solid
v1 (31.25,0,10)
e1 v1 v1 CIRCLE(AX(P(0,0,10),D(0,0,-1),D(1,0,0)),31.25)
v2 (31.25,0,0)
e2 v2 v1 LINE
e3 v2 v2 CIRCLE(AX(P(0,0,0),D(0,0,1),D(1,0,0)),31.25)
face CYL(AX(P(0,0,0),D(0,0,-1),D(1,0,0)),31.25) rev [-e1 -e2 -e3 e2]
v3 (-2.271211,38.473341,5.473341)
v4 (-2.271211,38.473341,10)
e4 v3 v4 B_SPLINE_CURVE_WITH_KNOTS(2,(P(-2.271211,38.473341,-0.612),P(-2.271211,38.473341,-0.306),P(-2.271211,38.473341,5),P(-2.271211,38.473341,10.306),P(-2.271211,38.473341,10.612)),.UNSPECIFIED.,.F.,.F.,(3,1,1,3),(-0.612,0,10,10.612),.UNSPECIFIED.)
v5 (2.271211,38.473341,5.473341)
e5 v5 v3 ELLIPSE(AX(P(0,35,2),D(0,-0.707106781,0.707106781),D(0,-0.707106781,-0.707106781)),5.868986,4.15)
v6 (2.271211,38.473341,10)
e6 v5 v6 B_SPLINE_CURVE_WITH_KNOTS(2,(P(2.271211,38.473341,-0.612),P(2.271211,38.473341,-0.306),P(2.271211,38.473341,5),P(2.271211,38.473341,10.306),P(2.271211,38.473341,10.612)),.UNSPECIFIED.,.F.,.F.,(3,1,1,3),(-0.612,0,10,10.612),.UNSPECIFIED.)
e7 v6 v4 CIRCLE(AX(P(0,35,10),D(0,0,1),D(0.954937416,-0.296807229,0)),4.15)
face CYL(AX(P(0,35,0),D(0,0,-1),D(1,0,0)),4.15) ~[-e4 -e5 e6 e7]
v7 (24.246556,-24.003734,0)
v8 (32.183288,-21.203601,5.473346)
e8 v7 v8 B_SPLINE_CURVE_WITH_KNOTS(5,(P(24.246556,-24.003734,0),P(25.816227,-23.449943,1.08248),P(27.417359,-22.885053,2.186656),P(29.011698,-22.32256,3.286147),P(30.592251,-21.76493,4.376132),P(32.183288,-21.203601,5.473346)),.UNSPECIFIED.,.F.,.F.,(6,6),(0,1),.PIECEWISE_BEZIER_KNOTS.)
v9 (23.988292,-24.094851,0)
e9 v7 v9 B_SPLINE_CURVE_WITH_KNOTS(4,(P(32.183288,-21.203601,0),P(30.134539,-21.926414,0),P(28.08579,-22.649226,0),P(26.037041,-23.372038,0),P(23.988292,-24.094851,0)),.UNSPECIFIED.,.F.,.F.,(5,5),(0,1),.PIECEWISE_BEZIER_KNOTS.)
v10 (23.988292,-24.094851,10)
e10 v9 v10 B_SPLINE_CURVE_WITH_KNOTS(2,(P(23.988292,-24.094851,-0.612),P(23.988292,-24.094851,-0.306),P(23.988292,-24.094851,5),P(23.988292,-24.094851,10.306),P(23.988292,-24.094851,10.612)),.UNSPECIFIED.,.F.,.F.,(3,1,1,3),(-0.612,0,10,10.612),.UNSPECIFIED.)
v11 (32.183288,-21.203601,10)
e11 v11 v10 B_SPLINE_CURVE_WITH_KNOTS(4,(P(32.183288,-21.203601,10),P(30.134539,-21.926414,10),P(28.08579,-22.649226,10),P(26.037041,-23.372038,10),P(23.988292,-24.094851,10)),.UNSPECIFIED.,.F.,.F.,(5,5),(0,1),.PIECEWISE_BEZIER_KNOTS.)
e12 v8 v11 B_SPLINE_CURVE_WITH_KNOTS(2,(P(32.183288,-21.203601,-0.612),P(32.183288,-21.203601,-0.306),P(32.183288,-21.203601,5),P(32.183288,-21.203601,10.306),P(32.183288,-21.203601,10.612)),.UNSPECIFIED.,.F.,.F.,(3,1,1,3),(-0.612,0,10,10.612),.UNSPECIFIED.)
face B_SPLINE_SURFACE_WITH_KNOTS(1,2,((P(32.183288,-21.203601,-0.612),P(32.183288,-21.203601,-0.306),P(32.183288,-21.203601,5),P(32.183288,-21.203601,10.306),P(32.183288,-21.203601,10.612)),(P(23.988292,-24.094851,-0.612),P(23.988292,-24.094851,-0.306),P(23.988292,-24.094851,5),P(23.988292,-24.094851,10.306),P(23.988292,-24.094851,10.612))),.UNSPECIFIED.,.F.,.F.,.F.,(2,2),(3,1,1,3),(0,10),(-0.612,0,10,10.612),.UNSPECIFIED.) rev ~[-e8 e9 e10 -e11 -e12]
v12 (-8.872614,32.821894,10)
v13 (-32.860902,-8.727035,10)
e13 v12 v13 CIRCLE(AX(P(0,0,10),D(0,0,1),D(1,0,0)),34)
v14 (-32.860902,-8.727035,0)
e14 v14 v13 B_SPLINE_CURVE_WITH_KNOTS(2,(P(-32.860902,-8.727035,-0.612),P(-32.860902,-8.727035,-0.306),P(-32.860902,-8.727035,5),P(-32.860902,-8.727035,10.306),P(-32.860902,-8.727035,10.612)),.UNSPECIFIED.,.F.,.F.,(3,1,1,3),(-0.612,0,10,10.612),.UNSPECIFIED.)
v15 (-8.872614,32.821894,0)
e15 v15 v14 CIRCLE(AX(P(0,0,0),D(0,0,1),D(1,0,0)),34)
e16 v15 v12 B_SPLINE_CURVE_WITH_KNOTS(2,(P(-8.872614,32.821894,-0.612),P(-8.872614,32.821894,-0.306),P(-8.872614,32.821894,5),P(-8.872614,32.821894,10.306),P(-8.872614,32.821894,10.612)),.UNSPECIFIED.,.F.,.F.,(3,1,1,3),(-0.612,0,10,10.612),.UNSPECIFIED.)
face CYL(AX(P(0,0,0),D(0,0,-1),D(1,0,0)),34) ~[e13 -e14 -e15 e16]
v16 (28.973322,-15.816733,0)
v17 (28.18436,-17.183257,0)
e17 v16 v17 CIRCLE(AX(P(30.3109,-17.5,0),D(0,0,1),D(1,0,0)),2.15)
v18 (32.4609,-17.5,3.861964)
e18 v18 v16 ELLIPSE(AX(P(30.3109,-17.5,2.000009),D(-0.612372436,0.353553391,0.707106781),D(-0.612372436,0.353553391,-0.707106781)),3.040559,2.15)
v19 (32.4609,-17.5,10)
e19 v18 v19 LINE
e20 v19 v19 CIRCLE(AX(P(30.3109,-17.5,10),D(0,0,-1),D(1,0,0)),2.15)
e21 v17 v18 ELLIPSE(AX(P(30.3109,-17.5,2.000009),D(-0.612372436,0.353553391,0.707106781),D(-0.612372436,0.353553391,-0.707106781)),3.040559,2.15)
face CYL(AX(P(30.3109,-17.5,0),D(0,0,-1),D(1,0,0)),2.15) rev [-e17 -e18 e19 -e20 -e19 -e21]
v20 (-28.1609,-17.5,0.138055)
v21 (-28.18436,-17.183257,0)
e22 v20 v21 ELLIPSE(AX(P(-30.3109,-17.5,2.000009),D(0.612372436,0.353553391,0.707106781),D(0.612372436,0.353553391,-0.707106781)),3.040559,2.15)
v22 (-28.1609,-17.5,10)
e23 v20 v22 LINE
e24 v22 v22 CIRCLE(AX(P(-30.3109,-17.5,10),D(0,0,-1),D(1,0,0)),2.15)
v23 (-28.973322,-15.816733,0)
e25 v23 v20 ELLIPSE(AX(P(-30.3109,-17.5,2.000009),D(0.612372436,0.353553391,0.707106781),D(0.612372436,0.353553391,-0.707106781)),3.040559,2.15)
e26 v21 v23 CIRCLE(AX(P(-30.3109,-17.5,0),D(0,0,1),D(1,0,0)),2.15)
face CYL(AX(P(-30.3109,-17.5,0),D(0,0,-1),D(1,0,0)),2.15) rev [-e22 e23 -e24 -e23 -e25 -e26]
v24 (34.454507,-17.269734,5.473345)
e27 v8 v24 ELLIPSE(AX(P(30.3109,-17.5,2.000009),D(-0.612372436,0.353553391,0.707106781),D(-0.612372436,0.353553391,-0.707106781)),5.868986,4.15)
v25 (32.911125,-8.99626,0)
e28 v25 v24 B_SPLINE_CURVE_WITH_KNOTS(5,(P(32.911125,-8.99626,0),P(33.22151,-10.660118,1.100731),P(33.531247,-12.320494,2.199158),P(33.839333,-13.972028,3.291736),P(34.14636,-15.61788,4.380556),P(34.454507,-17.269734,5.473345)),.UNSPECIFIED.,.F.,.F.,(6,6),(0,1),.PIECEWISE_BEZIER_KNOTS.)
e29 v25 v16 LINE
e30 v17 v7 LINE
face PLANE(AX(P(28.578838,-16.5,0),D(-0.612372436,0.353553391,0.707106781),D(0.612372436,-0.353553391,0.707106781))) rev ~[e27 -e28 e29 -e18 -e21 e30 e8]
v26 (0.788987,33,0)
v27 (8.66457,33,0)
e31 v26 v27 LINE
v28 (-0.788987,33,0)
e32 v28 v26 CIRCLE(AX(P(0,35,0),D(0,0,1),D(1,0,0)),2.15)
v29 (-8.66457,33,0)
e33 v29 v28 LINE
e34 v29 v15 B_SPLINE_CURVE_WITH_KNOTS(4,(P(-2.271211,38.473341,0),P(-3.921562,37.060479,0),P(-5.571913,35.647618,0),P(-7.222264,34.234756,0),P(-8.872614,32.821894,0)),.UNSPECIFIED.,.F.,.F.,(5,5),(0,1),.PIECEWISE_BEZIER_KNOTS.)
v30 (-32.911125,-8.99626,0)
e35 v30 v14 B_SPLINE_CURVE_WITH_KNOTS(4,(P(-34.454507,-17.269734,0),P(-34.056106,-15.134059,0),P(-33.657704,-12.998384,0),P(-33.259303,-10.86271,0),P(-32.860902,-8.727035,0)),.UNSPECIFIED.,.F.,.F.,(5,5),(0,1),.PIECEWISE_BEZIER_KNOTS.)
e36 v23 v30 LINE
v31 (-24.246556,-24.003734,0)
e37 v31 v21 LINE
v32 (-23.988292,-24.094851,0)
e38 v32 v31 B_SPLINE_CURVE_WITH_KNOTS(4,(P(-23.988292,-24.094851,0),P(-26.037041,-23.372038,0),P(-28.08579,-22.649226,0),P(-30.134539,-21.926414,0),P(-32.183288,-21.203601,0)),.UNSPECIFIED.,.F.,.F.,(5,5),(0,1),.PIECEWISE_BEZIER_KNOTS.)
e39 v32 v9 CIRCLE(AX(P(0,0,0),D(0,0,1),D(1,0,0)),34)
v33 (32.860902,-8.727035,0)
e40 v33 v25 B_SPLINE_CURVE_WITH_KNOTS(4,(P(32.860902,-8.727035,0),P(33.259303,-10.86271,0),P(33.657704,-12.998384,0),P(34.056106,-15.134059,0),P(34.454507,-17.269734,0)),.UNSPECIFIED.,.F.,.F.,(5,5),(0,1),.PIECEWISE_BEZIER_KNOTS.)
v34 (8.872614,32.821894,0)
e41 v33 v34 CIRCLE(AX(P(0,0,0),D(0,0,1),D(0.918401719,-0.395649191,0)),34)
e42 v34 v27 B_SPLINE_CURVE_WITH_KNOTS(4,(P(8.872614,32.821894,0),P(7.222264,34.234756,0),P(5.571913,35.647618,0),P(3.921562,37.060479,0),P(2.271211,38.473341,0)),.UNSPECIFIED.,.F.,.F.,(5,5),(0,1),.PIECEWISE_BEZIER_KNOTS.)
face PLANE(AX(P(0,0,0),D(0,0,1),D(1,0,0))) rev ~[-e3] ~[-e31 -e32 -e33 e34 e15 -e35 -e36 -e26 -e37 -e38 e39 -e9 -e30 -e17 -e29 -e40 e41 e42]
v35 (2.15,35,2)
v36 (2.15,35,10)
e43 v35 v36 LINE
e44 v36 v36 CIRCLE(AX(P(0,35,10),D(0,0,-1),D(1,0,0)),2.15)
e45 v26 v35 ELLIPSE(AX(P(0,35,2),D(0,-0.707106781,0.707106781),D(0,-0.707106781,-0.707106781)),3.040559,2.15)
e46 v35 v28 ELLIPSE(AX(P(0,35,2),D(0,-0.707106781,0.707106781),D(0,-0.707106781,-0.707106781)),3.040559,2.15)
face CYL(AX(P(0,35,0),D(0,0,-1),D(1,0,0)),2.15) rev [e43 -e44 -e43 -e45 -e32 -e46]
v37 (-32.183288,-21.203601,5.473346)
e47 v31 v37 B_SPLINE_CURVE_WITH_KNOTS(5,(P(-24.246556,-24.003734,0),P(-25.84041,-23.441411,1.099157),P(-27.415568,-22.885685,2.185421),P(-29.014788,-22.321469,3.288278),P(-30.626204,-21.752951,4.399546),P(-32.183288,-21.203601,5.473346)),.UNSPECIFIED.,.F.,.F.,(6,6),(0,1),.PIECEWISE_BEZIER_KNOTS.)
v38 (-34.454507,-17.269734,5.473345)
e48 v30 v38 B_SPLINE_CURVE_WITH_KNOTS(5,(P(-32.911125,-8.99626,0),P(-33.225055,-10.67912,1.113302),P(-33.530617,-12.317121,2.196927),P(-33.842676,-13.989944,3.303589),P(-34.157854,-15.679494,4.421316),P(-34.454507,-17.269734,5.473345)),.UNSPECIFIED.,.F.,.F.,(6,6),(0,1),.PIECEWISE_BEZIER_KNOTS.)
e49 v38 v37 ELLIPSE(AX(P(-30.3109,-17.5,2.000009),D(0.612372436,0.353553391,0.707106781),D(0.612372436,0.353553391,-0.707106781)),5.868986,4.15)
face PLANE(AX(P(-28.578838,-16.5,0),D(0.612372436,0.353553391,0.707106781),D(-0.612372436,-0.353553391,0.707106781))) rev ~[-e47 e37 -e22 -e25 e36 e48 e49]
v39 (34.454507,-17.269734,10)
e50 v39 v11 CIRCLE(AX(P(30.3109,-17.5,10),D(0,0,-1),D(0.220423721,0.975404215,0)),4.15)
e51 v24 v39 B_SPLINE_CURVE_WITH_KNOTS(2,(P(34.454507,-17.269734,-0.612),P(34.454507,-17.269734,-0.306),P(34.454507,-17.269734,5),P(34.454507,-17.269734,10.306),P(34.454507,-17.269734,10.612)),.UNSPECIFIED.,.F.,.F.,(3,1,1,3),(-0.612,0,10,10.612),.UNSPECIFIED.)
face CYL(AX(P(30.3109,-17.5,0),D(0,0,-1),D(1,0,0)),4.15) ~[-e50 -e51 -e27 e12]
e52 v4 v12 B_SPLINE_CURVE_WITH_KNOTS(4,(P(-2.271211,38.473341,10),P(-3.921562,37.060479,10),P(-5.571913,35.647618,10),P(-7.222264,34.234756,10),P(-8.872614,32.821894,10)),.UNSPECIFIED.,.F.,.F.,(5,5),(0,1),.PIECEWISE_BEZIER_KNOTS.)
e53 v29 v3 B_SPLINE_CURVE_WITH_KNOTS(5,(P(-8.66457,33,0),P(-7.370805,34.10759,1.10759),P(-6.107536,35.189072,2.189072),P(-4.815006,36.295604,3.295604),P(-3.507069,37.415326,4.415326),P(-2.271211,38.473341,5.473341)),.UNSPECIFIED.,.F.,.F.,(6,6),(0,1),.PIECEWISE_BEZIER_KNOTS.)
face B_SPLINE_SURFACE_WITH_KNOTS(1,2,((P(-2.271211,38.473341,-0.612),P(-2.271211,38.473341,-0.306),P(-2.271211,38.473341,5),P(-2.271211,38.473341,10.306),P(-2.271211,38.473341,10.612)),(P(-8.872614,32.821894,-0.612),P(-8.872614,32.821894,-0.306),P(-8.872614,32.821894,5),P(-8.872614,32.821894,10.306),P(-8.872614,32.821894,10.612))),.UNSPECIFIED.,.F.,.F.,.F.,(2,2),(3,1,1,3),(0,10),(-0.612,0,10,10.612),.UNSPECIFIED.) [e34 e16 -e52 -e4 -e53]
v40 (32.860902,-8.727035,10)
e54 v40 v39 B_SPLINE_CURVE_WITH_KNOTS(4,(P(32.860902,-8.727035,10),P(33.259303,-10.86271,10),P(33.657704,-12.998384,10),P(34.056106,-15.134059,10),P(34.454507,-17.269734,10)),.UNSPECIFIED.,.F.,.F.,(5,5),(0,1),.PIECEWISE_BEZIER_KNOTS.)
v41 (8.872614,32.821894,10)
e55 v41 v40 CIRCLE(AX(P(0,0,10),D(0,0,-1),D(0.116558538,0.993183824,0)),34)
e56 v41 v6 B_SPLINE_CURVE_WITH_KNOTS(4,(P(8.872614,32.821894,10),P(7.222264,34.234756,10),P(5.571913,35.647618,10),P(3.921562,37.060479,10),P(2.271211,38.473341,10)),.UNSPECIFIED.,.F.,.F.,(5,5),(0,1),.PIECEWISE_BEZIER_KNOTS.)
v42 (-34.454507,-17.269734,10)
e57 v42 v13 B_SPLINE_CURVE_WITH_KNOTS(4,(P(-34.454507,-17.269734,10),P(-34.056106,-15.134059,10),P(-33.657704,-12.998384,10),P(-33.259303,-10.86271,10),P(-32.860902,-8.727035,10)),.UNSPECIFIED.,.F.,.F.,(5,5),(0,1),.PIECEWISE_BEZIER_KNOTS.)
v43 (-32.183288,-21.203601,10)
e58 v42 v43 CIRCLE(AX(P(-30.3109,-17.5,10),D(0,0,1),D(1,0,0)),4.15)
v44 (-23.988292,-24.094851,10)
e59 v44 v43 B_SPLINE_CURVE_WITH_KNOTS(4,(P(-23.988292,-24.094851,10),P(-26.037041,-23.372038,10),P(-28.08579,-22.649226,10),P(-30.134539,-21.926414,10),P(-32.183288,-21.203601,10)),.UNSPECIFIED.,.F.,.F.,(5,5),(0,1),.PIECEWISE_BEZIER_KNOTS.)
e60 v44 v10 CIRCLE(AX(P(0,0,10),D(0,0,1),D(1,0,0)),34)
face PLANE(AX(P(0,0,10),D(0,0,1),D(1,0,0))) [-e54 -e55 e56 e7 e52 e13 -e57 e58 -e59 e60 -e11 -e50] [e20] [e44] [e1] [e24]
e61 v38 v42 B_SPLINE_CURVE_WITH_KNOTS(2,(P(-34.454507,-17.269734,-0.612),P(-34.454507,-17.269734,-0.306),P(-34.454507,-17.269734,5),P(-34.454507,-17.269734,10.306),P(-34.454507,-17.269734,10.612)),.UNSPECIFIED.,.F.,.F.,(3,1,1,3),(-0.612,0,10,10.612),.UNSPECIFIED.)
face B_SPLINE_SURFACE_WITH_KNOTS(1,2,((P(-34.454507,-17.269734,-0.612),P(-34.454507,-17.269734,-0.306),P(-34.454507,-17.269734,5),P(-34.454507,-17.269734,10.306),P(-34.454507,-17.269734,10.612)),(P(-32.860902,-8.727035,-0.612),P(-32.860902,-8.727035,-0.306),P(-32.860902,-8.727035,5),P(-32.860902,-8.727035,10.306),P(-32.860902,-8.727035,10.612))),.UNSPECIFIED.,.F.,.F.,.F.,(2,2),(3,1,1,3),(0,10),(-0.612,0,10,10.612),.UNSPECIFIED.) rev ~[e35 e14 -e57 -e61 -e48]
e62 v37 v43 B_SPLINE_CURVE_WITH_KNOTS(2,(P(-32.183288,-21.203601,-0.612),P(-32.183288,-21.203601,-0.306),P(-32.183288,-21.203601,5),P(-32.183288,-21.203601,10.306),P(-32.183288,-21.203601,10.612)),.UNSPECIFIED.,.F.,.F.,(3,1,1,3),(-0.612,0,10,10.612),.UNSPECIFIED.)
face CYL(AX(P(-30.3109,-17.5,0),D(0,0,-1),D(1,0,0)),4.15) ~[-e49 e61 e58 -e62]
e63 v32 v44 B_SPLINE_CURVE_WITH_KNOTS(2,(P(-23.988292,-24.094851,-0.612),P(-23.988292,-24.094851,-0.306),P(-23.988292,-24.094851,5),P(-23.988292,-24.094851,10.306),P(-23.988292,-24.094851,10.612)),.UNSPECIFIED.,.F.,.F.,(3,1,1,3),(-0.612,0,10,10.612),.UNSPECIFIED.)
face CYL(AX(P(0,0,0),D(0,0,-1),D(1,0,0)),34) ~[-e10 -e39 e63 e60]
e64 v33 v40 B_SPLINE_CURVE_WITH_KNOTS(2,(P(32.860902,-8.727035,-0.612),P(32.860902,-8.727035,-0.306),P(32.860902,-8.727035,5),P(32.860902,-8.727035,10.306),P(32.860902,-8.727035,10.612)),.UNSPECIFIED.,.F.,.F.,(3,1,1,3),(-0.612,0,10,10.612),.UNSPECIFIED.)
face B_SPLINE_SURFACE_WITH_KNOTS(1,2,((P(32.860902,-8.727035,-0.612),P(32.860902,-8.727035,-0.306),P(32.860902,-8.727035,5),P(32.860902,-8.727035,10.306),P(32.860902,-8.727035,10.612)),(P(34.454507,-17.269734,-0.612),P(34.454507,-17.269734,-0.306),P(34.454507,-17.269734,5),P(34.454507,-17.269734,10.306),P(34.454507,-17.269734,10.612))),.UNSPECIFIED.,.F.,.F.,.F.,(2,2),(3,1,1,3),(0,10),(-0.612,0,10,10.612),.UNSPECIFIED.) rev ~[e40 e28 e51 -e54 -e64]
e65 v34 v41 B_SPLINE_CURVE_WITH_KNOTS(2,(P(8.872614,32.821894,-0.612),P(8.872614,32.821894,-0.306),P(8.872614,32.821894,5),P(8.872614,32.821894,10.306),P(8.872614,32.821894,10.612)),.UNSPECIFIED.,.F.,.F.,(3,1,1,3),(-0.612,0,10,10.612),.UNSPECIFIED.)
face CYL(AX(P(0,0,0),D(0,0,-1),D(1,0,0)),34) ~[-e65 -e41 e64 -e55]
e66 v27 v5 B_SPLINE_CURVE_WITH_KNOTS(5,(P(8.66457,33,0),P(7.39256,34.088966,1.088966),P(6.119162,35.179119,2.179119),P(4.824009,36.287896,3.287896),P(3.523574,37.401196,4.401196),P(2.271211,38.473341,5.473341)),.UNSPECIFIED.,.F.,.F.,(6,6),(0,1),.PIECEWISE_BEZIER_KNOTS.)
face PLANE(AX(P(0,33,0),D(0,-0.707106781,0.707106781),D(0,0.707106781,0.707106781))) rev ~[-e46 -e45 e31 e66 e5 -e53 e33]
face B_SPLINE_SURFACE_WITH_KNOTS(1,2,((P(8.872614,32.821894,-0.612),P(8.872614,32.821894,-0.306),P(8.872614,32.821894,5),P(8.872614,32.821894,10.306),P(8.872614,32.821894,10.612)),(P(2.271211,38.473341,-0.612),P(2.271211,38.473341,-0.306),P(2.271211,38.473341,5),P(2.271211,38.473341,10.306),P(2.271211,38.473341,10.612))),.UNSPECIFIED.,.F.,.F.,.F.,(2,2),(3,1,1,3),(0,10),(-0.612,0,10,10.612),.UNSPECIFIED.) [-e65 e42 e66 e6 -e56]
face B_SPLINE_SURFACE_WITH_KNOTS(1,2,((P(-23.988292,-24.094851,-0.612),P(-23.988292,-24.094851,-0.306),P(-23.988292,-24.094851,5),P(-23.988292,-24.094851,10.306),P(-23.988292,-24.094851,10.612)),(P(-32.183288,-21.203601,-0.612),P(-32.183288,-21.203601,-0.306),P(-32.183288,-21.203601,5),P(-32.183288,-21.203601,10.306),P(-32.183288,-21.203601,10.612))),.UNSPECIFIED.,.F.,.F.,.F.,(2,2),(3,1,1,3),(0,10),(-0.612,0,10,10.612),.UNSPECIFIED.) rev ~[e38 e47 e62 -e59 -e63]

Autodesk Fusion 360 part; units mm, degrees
sketch "Sketch2" plane through (0, 0, 0) normal (0, 0, 1) x (1, 0, 0)
  circle A0 centre (0, 0) radius 34
  circle A1 centre (0, 0) radius 22.5
  circle A2 centre (0, 0) radius 31.25
  line L0 (0, 0) -> (0, 35) construction
  circle A3 centre (0, 35) radius 2.15
  circle A4 centre (0, 35) radius 4.15
  circle A5 centre (-30.3109, -17.5) radius 4.15
  circle A6 centre (-30.3109, -17.5) radius 2.15
  circle A7 centre (30.3109, -17.5) radius 4.15
  circle A8 centre (30.3109, -17.5) radius 2.15
  dimension "d19" = 68
  dimension "d21" = 45
  dimension "d29" = 62.5
  dimension "d75" = 35
  dimension "d76" = 4.3
  dimension "d78" = 2
  dimension "d80" = 360
extrude "main" add sketch "Sketch2" along normal blind 10 contours A0 A2 A4 A7 | A0 A2 A3 A4 | A0 A3 A4 | A0 A7 A8 | A0 A2 A7 A8 | A0 A2 A4 A5 | A0 A2 A5 A7 | A0 A2 A5 A6 | A0 A5 A6
chamfer "Chamfer4" distance 5 angle 45 6 edges at (31.2257, -13.4521, 5) (3.963, 33.7683, 5) (-3.963, 33.7683, 5) (-31.2257, -13.4521, 5) (-27.2627, -20.3162, 5) (27.2627, -20.3162, 5)
sketch "Sketch4" plane through (0, 0, 0) normal (1, 0, 0) x (0, 1, 0)
  line L0 (0, 0) -> (33, 0) construction
  line L1 (33, 0) -> (49.4315, 16.4315)
  line L2 (33, 0) -> (56.2377, 0)
  line L3 (49.4315, 16.4315) -> (49.4315, 0)
  dimension "d69" = 33
  dimension "d70" = 45
extrude "Extrude8" cut sketch "Sketch4" along normal mid plane 20
pattern_circular "C-Pattern3" count 3 over 360 about axis through (0, 0, 1.75) along (0, 0, 1) of "Extrude8"
equation "gear_ratio = 6"
equation "gear_Ns = if(is_Nema_17 == 1; 12; 15)"
equation "gear_Nr = ( gear_ratio - 1 ) * gear_Ns"
equation "gear_OD = ( gear_Nr * diameter_scale * module ) + 8 mm"
equation "ring_width = 52 mm"
equation "m3_hole_thickness = 2 mm"
equation "m3_inserts = 4.3 mm"
equation "d19 = gear_OD"
equation "output_bearing_od = 47 mm"
equation "d21 = output_bearing_od - 2 mm"
equation "d29 = gear_OD - wall_thickness + 1.5 mm"
equation "wall_thickness = 7 mm"
equation "d33 = height"
equation "height = 10 mm"
equation "module = 1"
equation "helix_angle = 0 deg"
equation "diameter_scale = ( 1 / cos(helix_angle) ) * 1 mm"
equation "d69 = ( gear_OD / 2 ) - 1 mm"
equation "d75 = ( gear_OD / 2 ) + 1 mm"
equation "d76 = m3_inserts"
equation "d78 = m3_hole_thickness"
equation "is_Nema_17 = 1"
